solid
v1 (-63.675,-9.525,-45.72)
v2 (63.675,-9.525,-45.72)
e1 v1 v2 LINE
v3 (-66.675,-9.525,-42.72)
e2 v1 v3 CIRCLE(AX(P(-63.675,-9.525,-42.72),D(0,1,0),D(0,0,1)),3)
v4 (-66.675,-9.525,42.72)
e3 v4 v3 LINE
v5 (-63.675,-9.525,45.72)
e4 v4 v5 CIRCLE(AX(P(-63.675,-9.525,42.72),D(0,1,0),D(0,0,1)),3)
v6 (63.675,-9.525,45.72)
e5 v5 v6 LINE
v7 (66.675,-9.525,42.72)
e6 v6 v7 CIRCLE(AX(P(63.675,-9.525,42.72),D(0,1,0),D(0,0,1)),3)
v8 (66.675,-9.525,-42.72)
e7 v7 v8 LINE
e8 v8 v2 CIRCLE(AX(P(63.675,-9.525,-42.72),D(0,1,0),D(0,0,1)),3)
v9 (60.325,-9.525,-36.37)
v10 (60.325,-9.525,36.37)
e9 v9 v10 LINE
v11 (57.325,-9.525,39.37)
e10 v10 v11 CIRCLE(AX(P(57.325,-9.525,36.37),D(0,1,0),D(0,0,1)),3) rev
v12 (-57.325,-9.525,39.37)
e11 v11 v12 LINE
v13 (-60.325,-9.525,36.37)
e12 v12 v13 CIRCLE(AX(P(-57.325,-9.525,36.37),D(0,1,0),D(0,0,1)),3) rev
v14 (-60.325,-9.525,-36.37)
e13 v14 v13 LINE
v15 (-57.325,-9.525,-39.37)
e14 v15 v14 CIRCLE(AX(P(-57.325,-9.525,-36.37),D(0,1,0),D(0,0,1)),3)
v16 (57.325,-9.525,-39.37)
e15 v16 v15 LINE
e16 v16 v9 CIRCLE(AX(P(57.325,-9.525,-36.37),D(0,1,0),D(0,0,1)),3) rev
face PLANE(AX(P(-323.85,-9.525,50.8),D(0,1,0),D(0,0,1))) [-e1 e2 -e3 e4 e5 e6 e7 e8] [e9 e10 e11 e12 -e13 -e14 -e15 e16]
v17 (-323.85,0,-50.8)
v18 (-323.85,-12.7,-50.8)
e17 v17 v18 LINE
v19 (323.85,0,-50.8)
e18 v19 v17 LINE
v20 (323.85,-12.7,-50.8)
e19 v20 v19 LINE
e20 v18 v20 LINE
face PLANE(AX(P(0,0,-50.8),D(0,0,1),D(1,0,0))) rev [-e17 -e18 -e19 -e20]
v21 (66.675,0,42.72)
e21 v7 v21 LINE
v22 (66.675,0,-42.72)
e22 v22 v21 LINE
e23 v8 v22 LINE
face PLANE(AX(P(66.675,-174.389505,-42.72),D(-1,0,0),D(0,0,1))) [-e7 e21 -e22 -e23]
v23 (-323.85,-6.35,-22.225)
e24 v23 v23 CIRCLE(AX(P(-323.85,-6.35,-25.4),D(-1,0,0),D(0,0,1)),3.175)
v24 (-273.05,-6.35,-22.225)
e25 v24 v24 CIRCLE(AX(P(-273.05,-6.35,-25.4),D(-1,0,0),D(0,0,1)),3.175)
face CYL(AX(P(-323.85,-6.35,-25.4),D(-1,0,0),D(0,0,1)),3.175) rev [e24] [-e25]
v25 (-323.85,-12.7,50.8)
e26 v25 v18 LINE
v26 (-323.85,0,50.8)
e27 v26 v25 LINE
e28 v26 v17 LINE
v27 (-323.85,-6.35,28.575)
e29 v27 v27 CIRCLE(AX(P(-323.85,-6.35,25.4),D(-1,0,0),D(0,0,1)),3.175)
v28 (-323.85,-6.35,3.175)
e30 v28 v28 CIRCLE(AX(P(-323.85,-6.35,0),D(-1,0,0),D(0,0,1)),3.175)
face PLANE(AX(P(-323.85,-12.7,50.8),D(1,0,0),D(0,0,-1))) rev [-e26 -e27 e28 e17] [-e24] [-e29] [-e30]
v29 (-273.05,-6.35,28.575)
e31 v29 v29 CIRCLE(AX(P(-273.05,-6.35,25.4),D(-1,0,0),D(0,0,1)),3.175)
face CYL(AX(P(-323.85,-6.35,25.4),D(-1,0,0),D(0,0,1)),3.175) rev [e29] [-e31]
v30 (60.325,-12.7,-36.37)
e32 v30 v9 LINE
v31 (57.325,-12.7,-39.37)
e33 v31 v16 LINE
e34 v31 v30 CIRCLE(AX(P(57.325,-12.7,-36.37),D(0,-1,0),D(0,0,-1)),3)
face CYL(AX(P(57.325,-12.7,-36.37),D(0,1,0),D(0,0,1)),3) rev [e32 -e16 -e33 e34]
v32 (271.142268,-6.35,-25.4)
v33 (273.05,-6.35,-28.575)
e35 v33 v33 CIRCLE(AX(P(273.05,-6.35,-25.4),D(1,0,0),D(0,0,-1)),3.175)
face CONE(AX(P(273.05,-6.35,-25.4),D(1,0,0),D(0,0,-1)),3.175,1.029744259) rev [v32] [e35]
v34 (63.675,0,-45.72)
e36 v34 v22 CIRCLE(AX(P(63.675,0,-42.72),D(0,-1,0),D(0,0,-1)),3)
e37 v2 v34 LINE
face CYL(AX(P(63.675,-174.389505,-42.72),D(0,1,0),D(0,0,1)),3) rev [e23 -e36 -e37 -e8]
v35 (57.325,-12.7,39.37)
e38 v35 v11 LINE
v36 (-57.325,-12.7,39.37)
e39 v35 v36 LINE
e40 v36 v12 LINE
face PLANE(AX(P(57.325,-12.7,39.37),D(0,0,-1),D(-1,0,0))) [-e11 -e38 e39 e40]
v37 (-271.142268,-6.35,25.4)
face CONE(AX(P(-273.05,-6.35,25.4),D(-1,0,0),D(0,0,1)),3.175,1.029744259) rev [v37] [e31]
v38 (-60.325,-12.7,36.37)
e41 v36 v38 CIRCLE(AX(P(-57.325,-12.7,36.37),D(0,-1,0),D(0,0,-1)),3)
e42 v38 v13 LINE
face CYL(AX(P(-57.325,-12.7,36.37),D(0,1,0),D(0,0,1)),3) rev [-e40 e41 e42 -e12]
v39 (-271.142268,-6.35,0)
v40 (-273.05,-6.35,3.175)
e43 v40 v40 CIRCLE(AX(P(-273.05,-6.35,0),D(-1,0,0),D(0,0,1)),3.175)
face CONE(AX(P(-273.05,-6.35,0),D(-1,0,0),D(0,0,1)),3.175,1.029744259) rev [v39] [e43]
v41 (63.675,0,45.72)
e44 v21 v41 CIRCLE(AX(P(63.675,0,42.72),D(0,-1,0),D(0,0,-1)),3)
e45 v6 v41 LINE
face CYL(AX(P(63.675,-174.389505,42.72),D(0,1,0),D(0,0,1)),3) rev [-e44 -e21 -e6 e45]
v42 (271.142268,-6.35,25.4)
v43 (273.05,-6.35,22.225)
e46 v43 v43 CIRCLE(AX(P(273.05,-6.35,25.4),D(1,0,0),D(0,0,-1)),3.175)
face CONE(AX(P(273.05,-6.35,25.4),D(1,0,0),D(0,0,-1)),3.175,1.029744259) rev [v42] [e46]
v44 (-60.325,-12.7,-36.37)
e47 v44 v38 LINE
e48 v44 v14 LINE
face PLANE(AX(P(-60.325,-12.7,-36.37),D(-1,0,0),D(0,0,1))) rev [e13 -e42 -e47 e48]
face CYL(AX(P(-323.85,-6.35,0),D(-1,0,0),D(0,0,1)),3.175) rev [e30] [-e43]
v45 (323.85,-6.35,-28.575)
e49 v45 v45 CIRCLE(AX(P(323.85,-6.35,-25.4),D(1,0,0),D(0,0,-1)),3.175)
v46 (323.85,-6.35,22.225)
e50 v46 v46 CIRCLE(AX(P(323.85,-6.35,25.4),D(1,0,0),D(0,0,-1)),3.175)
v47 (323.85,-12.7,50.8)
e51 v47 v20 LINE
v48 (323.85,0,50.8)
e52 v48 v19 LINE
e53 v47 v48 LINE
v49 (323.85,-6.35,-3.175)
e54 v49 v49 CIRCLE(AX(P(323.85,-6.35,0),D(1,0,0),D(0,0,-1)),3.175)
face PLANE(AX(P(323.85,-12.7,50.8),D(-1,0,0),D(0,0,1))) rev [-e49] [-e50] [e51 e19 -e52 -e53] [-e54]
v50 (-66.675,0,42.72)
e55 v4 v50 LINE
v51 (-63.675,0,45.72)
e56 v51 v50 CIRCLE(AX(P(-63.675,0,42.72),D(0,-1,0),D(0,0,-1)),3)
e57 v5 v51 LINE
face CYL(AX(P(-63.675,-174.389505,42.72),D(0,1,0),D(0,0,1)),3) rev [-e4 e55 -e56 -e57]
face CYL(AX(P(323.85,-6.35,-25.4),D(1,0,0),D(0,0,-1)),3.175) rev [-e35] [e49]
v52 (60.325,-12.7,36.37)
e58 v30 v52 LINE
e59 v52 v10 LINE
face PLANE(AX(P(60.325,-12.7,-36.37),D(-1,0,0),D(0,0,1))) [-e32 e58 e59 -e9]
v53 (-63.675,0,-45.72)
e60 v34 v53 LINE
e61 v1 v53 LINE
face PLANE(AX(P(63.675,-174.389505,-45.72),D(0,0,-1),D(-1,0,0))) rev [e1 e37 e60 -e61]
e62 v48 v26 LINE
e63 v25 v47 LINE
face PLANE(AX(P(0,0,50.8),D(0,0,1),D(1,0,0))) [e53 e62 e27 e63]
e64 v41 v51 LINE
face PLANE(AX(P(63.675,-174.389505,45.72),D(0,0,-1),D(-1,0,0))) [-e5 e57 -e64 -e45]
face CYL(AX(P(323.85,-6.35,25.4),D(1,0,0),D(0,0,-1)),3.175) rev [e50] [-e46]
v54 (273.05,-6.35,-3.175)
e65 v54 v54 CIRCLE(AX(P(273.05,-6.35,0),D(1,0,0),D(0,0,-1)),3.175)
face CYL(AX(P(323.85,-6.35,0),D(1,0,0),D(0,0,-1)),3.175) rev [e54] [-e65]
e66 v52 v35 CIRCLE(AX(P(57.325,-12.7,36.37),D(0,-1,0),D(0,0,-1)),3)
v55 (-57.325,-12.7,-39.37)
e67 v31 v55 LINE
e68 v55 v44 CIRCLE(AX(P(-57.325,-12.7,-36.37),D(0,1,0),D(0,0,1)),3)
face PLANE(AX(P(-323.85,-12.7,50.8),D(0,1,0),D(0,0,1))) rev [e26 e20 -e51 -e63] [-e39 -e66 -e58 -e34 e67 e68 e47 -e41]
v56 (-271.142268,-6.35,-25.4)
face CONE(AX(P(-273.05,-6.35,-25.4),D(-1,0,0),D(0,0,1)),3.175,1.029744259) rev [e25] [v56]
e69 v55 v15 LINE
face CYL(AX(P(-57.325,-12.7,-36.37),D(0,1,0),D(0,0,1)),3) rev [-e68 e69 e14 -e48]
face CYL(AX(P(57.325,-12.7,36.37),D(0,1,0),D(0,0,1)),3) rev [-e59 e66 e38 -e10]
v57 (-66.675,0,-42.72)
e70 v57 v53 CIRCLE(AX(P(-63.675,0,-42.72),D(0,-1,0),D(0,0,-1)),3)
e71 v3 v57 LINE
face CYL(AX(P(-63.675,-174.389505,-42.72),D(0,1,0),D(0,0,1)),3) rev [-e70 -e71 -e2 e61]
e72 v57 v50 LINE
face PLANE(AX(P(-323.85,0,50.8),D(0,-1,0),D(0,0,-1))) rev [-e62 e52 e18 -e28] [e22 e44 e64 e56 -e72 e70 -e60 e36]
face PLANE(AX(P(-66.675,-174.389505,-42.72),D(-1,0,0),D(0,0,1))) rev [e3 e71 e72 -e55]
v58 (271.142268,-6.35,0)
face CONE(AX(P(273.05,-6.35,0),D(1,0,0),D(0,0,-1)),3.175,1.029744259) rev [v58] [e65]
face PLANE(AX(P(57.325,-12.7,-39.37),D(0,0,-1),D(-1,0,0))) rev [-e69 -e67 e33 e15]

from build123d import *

# Parameters (mm, degrees)
SKETCH2_W                         = 647.7
SKETCH2_H                         = 12.7
BOSS_EXTRUDE1_DEPTH               = 50.8
CUT_EXTRUDE1_DEPTH                = 9.525
F_1_4_20_THREADED_HOLE_AT_2_COUNT = 2
F_1_4_20_THREADED_HOLE_AT_2_PITCH = 25.4
F_1_4_20_THREADED_HOLE_AT_3_COUNT = 2
F_1_4_20_THREADED_HOLE_AT_3_PITCH = 50.8
CUT_EXTRUDE2_DEPTH                = 329.056020368


with BuildPart() as part:
    # Sketch2 → Boss-Extrude1 (new, symmetric)
    with BuildSketch(Plane.XY):
        with Locations((0, -6.35)):
            Rectangle(SKETCH2_W, SKETCH2_H)
    extrude(amount=BOSS_EXTRUDE1_DEPTH, both=True)

    # Sketch3 → Cut-Extrude1 (cut)
    with BuildSketch(Plane(origin=(0, 0, 0), x_dir=(1, 0, 0), z_dir=(0, 1, 0))):
        with BuildLine():
            Line((63.675, 45.72), (-63.675, 45.72))
            ThreePointArc((-63.675, 45.72), (-65.796320344, 44.841320344), (-66.675, 42.72))
            Line((-66.675, 42.72), (-66.675, -42.72))
            ThreePointArc((-66.675, -42.72), (-65.796320344, -44.841320344), (-63.675, -45.72))
            Line((-63.675, -45.72), (63.675, -45.72))
            ThreePointArc((63.675, -45.72), (65.796320344, -44.841320344), (66.675, -42.72))
            Line((66.675, -42.72), (66.675, 42.72))
            ThreePointArc((66.675, 42.72), (65.796320344, 44.841320344), (63.675, 45.72))
        make_face()
    extrude(amount=-CUT_EXTRUDE1_DEPTH, mode=Mode.SUBTRACT)

    # Sketch6 → 1/4"-20 threaded hole (revolve, cut)
    with BuildSketch(Plane(origin=(-323.85, -6.35, -25.4), x_dir=(0, 0, 1), z_dir=(0, 1, 0))):
        Polygon((0, 0), (0, 52.707732465), (3.175, 50.8), (3.175, 0), align=None)
    f_1_4_20_threaded_hole = revolve(axis=Axis((-330.2, -6.35, -25.4), (1, 0, 0)), mode=Mode.SUBTRACT)

    # 1/4"-20 threaded hole at 2: 1/4"-20 threaded hole ×2
    with Locations(*[(0, 0, i * F_1_4_20_THREADED_HOLE_AT_2_PITCH) for i in range(1, F_1_4_20_THREADED_HOLE_AT_2_COUNT)]):
        add(f_1_4_20_threaded_hole, mode=Mode.SUBTRACT)

    # 1/4"-20 threaded hole at 3: 1/4"-20 threaded hole ×2
    with Locations(*[(0, 0, i * F_1_4_20_THREADED_HOLE_AT_3_PITCH) for i in range(1, F_1_4_20_THREADED_HOLE_AT_3_COUNT)]):
        add(f_1_4_20_threaded_hole, mode=Mode.SUBTRACT)

    # Mirror1: 1/4"-20 threaded hole across plane
    add(f_1_4_20_threaded_hole.mirror(Plane(origin=(0, 0, 0), x_dir=(0, 0, 1), z_dir=(1, 0, 0))), mode=Mode.SUBTRACT)

    # Mirror1 copy 1 sketch → Mirror1 copy 1 (revolve, cut)
    with BuildSketch(Plane(origin=(323.85, -6.35, 0), x_dir=(0, 0, 1), z_dir=(0, 1, 0))):
        Polygon((0, 0), (0, -52.707732465), (3.175, -50.8), (3.175, 0), align=None)
    revolve(axis=Axis((330.2, -6.35, 0), (1, 0, 0)), mode=Mode.SUBTRACT)

    # Mirror1 copy 2 sketch → Mirror1 copy 2 (revolve, cut)
    with BuildSketch(Plane(origin=(323.85, -6.35, 25.4), x_dir=(0, 0, 1), z_dir=(0, 1, 0))):
        Polygon((0, 0), (0, -52.707732465), (3.175, -50.8), (3.175, 0), align=None)
    revolve(axis=Axis((330.2, -6.35, 25.4), (1, 0, 0)), mode=Mode.SUBTRACT)

    # Sketch3<3> → Cut-Extrude2 (cut, through all)
    with BuildSketch(Plane(origin=(0, 0, 0), x_dir=(1, 0, 0), z_dir=(0, 1, 0))):
        with BuildLine():
            Line((57.325, 39.37), (-57.325, 39.37))
            ThreePointArc((-57.325, 39.37), (-59.446320344, 38.491320344), (-60.325, 36.37))
            Line((-60.325, 36.37), (-60.325, -36.37))
            ThreePointArc((-60.325, -36.37), (-59.446320344, -38.491320344), (-57.325, -39.37))
            Line((-57.325, -39.37), (57.325, -39.37))
            ThreePointArc((57.325, -39.37), (59.446320344, -38.491320344), (60.325, -36.37))
            Line((60.325, -36.37), (60.325, 36.37))
            ThreePointArc((60.325, 36.37), (59.446320344, 38.491320344), (57.325, 39.37))
        make_face()
    extrude(amount=-CUT_EXTRUDE2_DEPTH, mode=Mode.SUBTRACT)


solid = part.part
